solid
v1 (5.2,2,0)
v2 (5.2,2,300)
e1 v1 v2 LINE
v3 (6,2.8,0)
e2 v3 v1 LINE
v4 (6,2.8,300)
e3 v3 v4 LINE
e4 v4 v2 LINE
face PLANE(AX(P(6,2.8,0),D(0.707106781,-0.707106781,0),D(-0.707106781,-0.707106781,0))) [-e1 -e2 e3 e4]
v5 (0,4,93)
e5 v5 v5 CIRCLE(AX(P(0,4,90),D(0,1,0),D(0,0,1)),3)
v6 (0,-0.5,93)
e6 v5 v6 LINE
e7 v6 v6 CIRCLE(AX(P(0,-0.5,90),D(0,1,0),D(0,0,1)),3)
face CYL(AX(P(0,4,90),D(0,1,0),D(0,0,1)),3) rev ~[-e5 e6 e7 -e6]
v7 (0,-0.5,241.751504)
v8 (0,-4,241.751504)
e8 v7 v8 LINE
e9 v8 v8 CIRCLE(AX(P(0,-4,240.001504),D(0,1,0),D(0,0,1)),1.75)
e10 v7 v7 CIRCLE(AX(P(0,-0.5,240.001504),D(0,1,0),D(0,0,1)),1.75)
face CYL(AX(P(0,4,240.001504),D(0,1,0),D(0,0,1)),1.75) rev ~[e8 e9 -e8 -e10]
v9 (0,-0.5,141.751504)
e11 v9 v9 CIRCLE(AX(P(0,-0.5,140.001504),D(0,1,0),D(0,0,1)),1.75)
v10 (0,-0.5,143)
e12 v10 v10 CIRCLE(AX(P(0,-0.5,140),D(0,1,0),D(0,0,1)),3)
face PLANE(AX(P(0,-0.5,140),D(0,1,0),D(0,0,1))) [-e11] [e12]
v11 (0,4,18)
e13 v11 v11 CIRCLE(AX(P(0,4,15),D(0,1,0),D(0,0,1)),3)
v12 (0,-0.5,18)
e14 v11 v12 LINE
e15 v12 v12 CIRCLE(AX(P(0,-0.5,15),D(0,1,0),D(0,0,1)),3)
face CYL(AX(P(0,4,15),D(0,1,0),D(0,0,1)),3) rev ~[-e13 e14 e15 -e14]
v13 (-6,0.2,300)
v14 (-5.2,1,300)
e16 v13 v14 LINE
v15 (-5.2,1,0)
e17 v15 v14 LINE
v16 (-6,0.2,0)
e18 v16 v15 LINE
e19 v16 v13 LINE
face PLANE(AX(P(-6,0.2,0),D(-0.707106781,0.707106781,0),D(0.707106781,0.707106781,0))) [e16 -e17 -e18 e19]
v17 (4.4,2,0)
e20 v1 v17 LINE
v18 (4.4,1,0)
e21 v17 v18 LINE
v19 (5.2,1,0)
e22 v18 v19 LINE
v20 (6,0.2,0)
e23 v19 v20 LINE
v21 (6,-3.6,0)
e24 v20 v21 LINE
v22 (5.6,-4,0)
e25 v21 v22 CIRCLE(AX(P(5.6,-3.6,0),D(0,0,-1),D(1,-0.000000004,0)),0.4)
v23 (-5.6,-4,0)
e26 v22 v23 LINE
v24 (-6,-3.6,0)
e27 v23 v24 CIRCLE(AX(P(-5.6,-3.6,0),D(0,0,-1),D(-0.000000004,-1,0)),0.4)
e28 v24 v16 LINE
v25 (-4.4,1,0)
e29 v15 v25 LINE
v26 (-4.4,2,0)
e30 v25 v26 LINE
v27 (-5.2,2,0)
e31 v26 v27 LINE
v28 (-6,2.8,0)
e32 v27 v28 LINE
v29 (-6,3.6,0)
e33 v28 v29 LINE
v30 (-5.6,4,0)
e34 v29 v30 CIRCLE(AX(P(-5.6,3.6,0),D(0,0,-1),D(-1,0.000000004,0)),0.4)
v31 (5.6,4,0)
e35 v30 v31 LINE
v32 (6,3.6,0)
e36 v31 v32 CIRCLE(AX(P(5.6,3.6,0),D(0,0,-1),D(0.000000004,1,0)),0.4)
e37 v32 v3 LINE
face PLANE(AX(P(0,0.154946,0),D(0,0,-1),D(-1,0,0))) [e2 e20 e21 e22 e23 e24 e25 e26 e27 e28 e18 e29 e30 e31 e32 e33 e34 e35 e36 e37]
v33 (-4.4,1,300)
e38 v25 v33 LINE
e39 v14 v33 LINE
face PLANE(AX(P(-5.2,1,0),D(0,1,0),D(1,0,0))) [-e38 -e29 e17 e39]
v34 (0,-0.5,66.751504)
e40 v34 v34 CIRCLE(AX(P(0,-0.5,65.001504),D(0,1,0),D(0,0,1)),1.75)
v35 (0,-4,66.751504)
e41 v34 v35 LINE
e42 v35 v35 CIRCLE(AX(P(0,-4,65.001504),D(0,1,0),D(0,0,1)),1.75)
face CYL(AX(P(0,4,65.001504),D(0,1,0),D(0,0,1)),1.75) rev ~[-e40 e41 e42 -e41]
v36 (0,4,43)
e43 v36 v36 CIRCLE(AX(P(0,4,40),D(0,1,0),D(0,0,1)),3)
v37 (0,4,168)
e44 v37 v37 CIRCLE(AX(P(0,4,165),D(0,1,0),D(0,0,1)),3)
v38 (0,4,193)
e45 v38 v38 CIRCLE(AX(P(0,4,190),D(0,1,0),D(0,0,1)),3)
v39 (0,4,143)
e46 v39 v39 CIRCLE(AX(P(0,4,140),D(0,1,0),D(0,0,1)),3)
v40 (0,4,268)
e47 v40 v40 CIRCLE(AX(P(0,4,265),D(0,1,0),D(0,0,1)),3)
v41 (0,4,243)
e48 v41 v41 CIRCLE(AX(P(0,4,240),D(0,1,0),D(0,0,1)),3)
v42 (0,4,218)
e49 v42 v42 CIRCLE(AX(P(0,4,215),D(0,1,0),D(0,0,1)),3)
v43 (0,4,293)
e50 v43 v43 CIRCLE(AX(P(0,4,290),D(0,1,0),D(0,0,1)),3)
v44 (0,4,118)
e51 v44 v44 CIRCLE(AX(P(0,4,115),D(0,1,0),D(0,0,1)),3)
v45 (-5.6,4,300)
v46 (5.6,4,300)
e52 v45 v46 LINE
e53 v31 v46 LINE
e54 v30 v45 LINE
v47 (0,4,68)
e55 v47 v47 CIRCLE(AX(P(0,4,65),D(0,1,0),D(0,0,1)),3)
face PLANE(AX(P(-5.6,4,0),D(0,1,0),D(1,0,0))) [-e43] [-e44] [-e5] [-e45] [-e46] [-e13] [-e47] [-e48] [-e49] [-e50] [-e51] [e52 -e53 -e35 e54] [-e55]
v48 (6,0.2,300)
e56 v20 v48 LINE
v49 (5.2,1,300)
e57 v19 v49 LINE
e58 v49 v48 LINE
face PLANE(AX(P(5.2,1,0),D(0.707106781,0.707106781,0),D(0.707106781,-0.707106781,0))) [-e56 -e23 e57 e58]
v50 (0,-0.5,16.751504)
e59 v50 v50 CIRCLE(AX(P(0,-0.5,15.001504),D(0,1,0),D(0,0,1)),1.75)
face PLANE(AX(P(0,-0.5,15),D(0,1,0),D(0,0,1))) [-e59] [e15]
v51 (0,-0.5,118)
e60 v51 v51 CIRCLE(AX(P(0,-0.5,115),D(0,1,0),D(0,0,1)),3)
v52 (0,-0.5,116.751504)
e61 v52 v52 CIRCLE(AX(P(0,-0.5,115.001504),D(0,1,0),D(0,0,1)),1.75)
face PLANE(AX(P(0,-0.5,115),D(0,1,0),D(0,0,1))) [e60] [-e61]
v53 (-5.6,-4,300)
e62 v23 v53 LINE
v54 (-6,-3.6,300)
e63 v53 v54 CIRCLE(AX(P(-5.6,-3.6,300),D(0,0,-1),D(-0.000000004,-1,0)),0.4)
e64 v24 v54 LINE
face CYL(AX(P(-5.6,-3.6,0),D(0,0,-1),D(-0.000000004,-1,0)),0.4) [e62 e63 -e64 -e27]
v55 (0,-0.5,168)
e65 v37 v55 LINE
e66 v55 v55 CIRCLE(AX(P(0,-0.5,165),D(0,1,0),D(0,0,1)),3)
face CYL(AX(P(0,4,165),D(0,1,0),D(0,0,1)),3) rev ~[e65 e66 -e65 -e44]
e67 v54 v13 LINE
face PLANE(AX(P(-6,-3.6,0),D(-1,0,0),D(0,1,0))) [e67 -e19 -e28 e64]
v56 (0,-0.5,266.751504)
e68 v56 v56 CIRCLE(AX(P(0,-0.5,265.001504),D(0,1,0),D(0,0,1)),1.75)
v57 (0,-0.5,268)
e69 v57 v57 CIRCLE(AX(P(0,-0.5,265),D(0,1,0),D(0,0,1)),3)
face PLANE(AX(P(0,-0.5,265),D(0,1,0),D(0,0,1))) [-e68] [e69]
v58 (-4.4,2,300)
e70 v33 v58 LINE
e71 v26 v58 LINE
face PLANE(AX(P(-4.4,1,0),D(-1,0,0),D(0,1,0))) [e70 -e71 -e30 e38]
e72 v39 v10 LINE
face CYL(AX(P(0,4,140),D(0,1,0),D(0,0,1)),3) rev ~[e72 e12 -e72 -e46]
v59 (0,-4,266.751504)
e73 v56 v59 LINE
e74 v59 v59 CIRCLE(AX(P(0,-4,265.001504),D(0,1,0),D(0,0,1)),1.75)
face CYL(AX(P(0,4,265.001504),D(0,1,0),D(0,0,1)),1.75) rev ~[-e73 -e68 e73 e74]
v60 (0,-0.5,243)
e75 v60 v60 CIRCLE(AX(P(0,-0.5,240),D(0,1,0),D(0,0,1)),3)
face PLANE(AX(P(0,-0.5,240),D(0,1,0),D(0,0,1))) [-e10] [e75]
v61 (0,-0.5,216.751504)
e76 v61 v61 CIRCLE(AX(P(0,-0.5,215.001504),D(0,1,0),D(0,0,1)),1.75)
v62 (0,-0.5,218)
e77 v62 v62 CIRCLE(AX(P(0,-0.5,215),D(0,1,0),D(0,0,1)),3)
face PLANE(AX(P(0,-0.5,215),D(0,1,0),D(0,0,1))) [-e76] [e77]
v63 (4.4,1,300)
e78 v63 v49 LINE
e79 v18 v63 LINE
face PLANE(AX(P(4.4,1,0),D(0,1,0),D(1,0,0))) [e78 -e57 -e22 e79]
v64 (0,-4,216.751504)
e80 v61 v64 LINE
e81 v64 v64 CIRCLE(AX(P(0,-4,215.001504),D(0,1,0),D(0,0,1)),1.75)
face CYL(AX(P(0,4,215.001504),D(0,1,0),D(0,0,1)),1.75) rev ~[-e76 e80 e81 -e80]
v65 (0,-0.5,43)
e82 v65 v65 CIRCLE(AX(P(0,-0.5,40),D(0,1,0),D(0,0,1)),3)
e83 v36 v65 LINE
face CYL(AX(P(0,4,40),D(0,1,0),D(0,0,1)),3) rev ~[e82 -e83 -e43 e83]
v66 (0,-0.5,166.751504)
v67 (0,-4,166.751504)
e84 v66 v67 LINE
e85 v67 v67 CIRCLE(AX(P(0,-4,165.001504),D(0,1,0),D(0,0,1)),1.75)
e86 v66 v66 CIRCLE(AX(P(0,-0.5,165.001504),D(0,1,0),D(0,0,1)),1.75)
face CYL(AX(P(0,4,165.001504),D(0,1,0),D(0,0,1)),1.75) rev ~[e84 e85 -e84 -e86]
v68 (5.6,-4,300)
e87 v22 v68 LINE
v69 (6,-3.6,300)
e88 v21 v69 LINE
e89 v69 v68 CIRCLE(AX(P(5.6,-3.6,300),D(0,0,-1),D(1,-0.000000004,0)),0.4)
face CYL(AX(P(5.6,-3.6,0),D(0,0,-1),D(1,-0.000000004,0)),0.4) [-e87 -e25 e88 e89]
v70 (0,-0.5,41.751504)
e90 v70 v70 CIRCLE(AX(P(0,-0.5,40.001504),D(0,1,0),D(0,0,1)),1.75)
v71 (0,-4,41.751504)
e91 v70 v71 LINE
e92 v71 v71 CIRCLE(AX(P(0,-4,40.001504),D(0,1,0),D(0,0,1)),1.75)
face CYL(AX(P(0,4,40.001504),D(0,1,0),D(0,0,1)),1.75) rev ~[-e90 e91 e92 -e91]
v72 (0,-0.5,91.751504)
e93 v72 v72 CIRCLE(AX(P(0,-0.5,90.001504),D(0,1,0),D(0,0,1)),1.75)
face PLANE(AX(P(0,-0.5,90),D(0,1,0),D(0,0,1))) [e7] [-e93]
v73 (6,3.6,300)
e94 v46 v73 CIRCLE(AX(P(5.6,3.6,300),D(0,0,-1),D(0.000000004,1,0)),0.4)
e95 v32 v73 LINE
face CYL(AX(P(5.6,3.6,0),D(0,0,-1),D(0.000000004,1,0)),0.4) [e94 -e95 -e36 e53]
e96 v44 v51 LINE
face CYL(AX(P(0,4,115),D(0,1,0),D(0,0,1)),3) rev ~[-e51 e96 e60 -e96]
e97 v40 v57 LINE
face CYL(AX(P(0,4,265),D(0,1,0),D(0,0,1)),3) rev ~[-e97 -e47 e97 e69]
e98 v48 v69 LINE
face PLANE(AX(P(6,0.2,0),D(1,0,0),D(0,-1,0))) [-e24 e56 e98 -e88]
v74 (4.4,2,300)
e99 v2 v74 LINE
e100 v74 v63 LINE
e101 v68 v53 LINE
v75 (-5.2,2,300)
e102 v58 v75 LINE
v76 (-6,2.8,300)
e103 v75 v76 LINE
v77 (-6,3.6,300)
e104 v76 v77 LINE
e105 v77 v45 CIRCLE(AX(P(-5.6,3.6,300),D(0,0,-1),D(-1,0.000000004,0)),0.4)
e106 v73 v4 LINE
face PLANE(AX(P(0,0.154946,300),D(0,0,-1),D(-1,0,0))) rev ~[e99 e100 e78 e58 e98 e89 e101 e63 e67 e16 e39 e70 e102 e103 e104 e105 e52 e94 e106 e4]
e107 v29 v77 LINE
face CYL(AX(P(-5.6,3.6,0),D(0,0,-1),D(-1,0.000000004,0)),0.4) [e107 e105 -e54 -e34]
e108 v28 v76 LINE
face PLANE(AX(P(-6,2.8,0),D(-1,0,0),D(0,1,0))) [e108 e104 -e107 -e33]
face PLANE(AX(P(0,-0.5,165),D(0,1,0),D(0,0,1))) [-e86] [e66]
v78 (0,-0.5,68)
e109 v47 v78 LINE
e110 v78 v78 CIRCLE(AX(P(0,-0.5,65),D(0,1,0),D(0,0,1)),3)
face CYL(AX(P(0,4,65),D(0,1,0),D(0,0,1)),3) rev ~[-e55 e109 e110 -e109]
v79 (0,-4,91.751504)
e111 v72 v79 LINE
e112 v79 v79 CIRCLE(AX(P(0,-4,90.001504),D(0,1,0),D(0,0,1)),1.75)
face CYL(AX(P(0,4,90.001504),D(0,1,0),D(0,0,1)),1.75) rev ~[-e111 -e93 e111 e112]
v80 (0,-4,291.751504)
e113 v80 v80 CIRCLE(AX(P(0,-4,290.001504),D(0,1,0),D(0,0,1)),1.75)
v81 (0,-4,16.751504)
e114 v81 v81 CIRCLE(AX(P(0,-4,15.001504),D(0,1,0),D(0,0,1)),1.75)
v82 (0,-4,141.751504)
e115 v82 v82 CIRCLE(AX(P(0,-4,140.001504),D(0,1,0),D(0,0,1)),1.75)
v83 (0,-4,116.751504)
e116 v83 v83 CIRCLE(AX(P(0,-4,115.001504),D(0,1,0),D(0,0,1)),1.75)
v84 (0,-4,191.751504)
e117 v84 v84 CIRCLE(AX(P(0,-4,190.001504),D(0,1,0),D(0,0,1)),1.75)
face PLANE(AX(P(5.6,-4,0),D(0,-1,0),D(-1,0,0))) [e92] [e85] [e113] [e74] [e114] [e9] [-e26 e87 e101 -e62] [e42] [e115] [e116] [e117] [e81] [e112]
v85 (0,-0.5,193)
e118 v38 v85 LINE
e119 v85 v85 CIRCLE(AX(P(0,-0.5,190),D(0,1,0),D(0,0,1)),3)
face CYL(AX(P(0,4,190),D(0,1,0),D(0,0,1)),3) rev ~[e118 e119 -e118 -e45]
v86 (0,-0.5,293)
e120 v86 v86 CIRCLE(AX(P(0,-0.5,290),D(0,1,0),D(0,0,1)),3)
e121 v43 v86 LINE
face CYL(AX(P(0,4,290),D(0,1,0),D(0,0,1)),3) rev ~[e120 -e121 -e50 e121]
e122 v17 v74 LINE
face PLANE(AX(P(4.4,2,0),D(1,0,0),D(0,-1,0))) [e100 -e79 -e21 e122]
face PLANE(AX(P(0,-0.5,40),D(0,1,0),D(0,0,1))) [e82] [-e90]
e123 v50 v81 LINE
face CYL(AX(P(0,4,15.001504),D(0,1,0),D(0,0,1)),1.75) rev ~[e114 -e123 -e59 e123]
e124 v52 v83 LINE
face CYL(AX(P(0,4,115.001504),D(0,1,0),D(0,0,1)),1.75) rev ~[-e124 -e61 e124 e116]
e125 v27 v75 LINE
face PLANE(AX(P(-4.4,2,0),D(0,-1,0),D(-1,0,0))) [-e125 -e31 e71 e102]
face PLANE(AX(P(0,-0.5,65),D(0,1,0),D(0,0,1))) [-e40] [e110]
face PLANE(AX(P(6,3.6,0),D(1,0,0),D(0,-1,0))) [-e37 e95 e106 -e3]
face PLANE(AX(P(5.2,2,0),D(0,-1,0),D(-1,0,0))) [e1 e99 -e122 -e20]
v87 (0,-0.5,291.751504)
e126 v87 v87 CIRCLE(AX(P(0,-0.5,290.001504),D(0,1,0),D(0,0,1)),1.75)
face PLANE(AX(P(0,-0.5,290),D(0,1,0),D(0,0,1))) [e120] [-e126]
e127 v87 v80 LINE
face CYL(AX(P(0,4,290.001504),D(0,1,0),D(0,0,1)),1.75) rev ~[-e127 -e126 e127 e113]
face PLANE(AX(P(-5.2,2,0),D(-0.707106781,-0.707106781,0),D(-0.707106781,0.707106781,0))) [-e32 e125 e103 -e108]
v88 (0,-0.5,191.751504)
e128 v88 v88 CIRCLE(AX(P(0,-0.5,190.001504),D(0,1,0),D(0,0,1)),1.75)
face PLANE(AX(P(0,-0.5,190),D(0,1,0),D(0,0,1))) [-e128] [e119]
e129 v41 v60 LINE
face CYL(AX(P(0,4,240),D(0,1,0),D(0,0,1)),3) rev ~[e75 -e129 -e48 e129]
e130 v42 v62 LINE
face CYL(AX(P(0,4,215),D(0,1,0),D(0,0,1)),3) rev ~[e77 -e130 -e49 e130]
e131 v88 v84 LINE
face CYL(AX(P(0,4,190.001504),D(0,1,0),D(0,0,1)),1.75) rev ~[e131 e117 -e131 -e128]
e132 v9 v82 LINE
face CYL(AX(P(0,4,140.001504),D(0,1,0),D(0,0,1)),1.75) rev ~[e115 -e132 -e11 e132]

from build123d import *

# Parameters (mm, degrees)
BOSS_EXTRUDE1_DEPTH = 300
SKETCH2_R           = 3
CUT_EXTRUDE1_DEPTH  = 4.5
SKETCH3_R           = 1.75
CUT_EXTRUDE2_DEPTH  = 301.166620396


with BuildPart() as part:
    # Sketch1 → Boss-Extrude1 (new body)
    with BuildSketch(Plane.XY):
        with BuildLine():
            Line((-5.6, 4), (5.6, 4))
            ThreePointArc((5.6, 4), (5.882842712, 3.882842712), (6, 3.6))
            Line((6, 3.6), (6, 2.8))
            Line((6, 2.8), (5.2, 2))
            Line((5.2, 2), (4.4, 2))
            Line((4.4, 2), (4.4, 1))
            Line((4.4, 1), (5.2, 1))
            Line((5.2, 1), (6, 0.2))
            Line((6, 0.2), (6, -3.6))
            ThreePointArc((6, -3.6), (5.882842712, -3.882842712), (5.6, -4))
            Line((5.6, -4), (-5.6, -4))
            ThreePointArc((-5.6, -4), (-5.882842712, -3.882842712), (-6, -3.6))
            Line((-6, -3.6), (-6, 0.2))
            Line((-6, 0.2), (-5.2, 1))
            Line((-5.2, 1), (-4.4, 1))
            Line((-4.4, 1), (-4.4, 2))
            Line((-4.4, 2), (-5.2, 2))
            Line((-5.2, 2), (-6, 2.8))
            Line((-6, 2.8), (-6, 3.6))
            ThreePointArc((-6, 3.6), (-5.882842712, 3.882842712), (-5.6, 4))
        make_face()
    extrude(amount=BOSS_EXTRUDE1_DEPTH)

    # Sketch2 → Cut-Extrude1 (cut)
    with BuildSketch(Plane(origin=(0, 4, 0), x_dir=(1, 0, 0), z_dir=(0, 1, 0))):
        with Locations(Location((0, -290, 0), (0, 0, 270))):
            Circle(SKETCH2_R)
        with Locations(Location((0, -265, 0), (0, 0, 270))):
            Circle(SKETCH2_R)
        with Locations(Location((0, -240, 0), (0, 0, 270))):
            Circle(SKETCH2_R)
        with Locations(Location((0, -215, 0), (0, 0, 270))):
            Circle(SKETCH2_R)
        with Locations(Location((0, -190, 0), (0, 0, 270))):
            Circle(SKETCH2_R)
        with Locations(Location((0, -165, 0), (0, 0, 270))):
            Circle(SKETCH2_R)
        with Locations(Location((0, -140, 0), (0, 0, 270))):
            Circle(SKETCH2_R)
        with Locations(Location((0, -115, 0), (0, 0, 270))):
            Circle(SKETCH2_R)
        with Locations(Location((0, -90, 0), (0, 0, 270))):
            Circle(SKETCH2_R)
        with Locations(Location((0, -65, 0), (0, 0, 270))):
            Circle(SKETCH2_R)
        with Locations(Location((0, -40, 0), (0, 0, 270))):
            Circle(SKETCH2_R)
        with Locations(Location((0, -15, 0), (0, 0, 270))):
            Circle(SKETCH2_R)
        with Locations((0, 10)):
            Circle(SKETCH2_R)
        with Locations((0, 35)):
            Circle(SKETCH2_R)
        with Locations((0, 60)):
            Circle(SKETCH2_R)
        with Locations((0, 85)):
            Circle(SKETCH2_R)
        with Locations((0, 110)):
            Circle(SKETCH2_R)
        with Locations((0, 135)):
            Circle(SKETCH2_R)
    extrude(amount=-CUT_EXTRUDE1_DEPTH, mode=Mode.SUBTRACT)

    # Sketch3 → Cut-Extrude2 (cut, through all)
    with BuildSketch(Plane(origin=(0, 4, 0), x_dir=(1, 0, 0), z_dir=(0, 1, 0))):
        with Locations(Location((0, -290.001504258, 0), (0, 0, 270))):
            Circle(SKETCH3_R)
        with Locations(Location((0, -265.001504258, 0), (0, 0, 270))):
            Circle(SKETCH3_R)
        with Locations(Location((0, -240.001504258, 0), (0, 0, 270))):
            Circle(SKETCH3_R)
        with Locations(Location((0, -215.001504258, 0), (0, 0, 270))):
            Circle(SKETCH3_R)
        with Locations(Location((0, -190.001504258, 0), (0, 0, 270))):
            Circle(SKETCH3_R)
        with Locations(Location((0, -165.001504258, 0), (0, 0, 270))):
            Circle(SKETCH3_R)
        with Locations(Location((0, -140.001504258, 0), (0, 0, 270))):
            Circle(SKETCH3_R)
        with Locations(Location((0, -115.001504258, 0), (0, 0, 270))):
            Circle(SKETCH3_R)
        with Locations(Location((0, -90.001504258, 0), (0, 0, 270))):
            Circle(SKETCH3_R)
        with Locations(Location((0, -65.001504258, 0), (0, 0, 270))):
            Circle(SKETCH3_R)
        with Locations(Location((0, -40.001504258, 0), (0, 0, 270))):
            Circle(SKETCH3_R)
        with Locations(Location((0, -15.001504258, 0), (0, 0, 270))):
            Circle(SKETCH3_R)
        with Locations((0, 9.998495742)):
            Circle(SKETCH3_R)
        with Locations((0, 34.998495742)):
            Circle(SKETCH3_R)
        with Locations((0, 59.998495742)):
            Circle(SKETCH3_R)
    extrude(amount=-CUT_EXTRUDE2_DEPTH, mode=Mode.SUBTRACT)


solid = part.part
